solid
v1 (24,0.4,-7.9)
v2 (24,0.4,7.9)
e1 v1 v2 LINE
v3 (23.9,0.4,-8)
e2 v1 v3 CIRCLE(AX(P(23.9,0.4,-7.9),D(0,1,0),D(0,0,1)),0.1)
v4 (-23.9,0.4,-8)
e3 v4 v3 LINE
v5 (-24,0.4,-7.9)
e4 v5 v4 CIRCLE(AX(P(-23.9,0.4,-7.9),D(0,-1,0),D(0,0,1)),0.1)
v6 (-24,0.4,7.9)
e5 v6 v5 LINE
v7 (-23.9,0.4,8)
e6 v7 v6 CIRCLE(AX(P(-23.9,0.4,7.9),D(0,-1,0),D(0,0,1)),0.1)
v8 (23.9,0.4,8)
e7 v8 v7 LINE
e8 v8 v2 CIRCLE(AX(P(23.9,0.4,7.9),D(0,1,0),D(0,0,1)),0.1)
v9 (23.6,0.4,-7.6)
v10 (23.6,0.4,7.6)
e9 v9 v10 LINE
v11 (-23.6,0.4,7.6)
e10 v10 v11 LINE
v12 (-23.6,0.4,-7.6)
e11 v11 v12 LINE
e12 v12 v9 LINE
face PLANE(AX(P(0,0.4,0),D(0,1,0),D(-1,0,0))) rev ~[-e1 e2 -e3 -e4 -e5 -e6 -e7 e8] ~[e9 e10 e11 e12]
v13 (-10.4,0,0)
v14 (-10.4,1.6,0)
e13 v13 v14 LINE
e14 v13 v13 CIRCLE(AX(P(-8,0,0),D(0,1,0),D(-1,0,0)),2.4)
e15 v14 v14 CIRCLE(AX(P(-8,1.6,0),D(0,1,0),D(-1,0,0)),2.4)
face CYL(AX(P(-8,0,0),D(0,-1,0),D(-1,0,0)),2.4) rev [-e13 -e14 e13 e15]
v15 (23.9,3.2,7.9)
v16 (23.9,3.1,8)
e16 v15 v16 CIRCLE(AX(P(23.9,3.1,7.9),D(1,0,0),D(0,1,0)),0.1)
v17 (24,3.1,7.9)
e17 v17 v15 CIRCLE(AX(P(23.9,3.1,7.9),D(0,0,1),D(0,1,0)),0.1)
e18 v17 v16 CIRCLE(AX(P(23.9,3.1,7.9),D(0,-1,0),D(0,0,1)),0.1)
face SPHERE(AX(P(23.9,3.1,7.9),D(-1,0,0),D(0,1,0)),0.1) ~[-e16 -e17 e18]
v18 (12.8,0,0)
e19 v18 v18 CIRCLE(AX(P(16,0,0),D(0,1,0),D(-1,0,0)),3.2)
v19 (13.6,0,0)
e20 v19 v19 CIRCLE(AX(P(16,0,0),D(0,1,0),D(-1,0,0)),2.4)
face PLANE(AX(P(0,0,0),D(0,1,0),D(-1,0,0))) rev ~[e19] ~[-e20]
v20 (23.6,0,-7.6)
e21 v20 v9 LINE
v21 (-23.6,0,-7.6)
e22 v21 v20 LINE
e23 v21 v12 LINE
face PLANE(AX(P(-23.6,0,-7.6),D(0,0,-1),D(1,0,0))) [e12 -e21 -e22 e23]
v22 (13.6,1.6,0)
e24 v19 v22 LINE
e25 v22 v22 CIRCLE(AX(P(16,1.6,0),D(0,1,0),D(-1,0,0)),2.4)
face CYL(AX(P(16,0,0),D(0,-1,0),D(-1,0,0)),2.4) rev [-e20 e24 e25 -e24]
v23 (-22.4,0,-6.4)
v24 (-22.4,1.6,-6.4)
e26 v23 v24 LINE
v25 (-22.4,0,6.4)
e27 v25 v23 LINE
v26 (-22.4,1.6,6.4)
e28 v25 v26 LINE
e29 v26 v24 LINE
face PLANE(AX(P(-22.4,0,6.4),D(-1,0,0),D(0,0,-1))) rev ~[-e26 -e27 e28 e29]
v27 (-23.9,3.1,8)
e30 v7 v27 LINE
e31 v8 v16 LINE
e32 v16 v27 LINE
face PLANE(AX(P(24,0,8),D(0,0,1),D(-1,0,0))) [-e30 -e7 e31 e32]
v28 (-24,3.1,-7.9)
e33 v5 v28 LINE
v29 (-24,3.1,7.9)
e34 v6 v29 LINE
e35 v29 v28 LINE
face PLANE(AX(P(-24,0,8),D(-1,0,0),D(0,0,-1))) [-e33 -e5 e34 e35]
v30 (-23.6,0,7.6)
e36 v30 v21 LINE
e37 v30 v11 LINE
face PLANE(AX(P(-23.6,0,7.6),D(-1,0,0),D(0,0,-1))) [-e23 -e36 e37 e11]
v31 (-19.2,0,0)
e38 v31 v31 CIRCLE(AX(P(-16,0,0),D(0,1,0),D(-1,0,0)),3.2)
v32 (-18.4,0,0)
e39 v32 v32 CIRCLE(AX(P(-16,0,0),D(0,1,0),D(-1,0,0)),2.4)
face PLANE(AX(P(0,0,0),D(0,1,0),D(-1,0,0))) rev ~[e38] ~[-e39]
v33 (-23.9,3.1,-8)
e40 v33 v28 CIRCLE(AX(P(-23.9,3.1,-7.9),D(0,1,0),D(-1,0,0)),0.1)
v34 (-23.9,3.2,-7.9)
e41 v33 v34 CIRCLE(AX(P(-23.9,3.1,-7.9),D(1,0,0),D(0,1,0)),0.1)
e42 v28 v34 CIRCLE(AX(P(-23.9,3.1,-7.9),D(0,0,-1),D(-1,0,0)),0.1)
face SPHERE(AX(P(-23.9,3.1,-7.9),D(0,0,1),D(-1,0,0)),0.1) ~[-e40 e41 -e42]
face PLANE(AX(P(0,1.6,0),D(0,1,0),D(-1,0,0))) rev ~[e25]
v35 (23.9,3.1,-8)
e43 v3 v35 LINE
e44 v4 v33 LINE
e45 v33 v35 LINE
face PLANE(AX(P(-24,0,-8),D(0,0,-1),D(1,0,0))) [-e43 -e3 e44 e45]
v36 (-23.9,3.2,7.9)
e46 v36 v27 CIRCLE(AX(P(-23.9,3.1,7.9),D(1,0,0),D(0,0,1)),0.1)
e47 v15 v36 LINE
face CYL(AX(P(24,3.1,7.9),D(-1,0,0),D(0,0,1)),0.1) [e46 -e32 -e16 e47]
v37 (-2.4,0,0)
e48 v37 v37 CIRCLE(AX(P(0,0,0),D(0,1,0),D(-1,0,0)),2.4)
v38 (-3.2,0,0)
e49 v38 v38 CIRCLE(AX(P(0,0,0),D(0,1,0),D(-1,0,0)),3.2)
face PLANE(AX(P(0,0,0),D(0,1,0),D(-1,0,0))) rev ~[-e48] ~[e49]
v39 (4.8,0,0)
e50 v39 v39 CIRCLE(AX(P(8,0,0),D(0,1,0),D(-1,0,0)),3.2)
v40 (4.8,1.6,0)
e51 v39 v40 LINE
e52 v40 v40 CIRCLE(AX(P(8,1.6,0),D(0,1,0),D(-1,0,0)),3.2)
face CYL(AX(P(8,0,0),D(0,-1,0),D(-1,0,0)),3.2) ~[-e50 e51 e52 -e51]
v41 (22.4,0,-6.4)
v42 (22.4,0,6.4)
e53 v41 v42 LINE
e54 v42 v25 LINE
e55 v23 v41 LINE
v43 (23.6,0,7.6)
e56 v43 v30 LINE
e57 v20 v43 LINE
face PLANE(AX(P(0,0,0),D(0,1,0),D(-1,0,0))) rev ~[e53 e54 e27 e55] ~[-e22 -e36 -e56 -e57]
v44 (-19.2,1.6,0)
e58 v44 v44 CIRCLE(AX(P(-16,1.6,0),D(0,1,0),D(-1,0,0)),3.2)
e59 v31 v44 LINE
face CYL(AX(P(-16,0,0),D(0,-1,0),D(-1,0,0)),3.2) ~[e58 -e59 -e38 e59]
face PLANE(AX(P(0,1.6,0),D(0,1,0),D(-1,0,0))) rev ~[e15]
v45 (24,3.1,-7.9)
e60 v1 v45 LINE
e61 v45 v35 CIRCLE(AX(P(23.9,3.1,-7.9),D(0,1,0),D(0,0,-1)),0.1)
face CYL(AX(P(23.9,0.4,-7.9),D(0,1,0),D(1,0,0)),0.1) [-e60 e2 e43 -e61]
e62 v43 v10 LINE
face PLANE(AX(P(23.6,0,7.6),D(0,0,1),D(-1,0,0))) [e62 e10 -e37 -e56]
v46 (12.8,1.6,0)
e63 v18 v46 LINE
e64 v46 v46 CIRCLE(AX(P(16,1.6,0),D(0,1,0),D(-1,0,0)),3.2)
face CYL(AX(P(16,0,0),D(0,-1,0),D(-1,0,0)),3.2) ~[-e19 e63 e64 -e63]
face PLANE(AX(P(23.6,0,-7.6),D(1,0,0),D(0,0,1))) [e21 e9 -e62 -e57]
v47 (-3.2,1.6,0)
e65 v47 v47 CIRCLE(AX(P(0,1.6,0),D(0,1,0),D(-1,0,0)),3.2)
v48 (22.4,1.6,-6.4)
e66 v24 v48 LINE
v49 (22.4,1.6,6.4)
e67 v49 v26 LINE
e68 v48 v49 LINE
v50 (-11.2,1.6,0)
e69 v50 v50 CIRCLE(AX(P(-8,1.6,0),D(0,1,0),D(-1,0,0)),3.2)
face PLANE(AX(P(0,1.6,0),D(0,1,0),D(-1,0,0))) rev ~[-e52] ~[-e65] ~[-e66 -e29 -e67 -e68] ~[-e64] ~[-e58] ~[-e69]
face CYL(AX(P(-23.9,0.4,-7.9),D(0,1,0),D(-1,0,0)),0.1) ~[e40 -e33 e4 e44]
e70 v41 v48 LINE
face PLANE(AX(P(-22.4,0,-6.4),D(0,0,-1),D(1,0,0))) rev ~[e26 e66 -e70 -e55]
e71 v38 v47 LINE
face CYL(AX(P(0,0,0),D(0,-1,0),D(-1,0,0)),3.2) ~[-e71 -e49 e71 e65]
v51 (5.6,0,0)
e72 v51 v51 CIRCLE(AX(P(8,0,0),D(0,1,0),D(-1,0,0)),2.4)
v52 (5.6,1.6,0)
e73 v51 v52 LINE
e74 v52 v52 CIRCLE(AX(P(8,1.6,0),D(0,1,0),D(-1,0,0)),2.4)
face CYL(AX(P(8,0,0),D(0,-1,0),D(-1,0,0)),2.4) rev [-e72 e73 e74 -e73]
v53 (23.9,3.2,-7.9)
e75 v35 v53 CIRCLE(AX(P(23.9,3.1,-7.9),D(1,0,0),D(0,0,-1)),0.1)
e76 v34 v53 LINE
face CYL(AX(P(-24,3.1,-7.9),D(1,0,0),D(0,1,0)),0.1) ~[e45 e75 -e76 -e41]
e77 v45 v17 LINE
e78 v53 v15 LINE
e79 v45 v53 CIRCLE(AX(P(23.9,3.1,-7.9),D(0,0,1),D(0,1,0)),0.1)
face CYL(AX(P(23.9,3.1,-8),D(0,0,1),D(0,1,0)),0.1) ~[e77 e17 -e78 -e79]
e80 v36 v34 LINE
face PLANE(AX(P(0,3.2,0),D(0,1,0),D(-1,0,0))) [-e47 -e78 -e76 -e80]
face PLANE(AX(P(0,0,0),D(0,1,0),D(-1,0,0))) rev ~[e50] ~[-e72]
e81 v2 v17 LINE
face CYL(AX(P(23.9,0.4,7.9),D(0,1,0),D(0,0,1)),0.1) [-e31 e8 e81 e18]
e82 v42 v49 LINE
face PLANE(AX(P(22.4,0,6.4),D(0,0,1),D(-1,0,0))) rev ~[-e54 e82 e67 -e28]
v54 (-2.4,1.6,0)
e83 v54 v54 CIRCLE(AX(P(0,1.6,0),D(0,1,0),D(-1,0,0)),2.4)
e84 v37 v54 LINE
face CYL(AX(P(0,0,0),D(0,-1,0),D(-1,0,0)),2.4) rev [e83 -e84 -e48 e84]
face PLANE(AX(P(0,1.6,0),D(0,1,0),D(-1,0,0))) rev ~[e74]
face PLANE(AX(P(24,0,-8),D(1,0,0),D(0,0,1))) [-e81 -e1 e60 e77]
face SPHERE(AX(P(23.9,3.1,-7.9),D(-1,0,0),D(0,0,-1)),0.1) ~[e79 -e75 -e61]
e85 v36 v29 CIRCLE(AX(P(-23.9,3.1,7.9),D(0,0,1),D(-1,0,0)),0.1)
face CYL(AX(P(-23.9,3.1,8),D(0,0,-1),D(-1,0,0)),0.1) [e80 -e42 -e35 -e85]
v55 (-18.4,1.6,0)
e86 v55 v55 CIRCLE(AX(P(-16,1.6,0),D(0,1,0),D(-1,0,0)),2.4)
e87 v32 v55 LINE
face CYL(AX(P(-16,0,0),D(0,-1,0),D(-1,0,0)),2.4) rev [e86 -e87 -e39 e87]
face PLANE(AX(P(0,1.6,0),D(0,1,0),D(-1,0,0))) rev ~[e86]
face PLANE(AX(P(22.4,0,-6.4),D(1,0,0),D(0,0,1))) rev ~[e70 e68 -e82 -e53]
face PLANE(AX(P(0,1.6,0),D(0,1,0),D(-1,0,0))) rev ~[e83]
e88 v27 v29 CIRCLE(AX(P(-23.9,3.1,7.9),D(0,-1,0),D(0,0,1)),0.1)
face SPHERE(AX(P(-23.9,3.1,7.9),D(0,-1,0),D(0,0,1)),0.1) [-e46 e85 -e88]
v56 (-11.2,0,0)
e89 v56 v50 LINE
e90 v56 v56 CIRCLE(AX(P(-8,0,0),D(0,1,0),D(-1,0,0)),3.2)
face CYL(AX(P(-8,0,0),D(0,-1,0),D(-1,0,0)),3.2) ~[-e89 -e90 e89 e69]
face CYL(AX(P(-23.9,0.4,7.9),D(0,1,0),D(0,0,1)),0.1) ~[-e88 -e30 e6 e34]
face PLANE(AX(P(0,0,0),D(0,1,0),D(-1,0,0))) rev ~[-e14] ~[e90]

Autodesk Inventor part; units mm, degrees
ref_plane "YZ Plane" through (0, 0, 0) normal (1, 0, 0) x (0, 1, 0)
ref_plane "XZ Plane" through (0, 0, 0) normal (0, 1, 0) x (-1, 0, 0)
ref_plane "XY Plane" through (0, 0, 0) normal (0, 0, 1) x (1, 0, 0)
sketch "Sketch2" plane through (0, 0, 0) normal (0, 1, 0) x (-1, 0, 0)
  line L0 (-24, 8) -> (24, 8)
  line L1 (24, 8) -> (24, -8)
  line L2 (24, -8) -> (-24, -8)
  line L3 (-24, -8) -> (-24, 8)
  line L4 (-23.6, 7.6) -> (23.6, 7.6)
  line L5 (23.6, 7.6) -> (23.6, -7.6)
  line L6 (23.6, -7.6) -> (-23.6, -7.6)
  line L7 (-23.6, -7.6) -> (-23.6, 7.6)
  circle A0 centre (0, 0) radius 2.4
  circle A1 centre (0, 0) radius 3.2
  circle A2 centre (-8, 0) radius 2.4
  circle A3 centre (-8, 0) radius 3.2
  circle A4 centre (-16, 0) radius 2.4
  circle A5 centre (-16, 0) radius 3.2
  circle A6 centre (8, 0) radius 2.4
  circle A7 centre (8, 0) radius 3.2
  circle A8 centre (16, 0) radius 2.4
  circle A9 centre (16, 0) radius 3.2
  line L8 (16, 0) -> (8, 0) construction
  line L9 (8, 0) -> (0, 0) construction
  line L10 (0, 0) -> (-8, 0) construction
  line L11 (-8, 0) -> (-16, 0) construction
  line L12 (-22.4, 6.4) -> (22.4, 6.4)
  line L13 (22.4, 6.4) -> (22.4, -6.4)
  line L14 (22.4, -6.4) -> (-22.4, -6.4)
  line L15 (-22.4, -6.4) -> (-22.4, 6.4)
  circle A10 centre (-20, 4) radius 2.4 construction
  circle A11 centre (-20, -4) radius 2.4 construction
  circle A12 centre (20, 4) radius 2.4 construction
  circle A13 centre (20, -4) radius 2.4 construction
  point P0 (0, 8)
  point P1 (-24, 0)
  point P2 (0, 7.6)
  point P3 (-23.6, 0)
  point P4 (0, 6.4)
  point P5 (-22.4, 0)
  dimension "d0" = 16
  dimension "d1" = 48
  dimension "d2" = 0.4
  dimension "d3" = 0.4
  dimension "d4" = 4.8
  dimension "d5" = 6.4
  dimension "d6" = 8
  dimension "d7" = 1.6
  dimension "d8" = 1.6
  dimension "d15" = 4.8
extrude "Extrusion1" add sketch "Sketch2" along normal blind 3.2 contours L0 L1 L2 L3 | L4 L5 L6 L7 | A0 | A1 | A2 | A3 | A4 | A5 | A6 | A7 | A8 | A9 | L12 L13 L14 L15
extrude "Extrusion2" cut sketch "Sketch2" along normal blind 0.4 contours L0 L1 L2 L3
extrude "Extrusion3" cut sketch "Sketch2" along normal blind 1.6 contours A0 | A2 | A4 | A6 | A8 | L12 L13 L14 L15
fillet "Fillet1" radius 0.1 8 edges at (-24, 1.8, 8) (0, 3.2, 8) (-24, 3.2, 0) (-24, 1.8, -8) (0, 3.2, -8) (24, 1.8, -8) (24, 3.2, 0) (24, 1.8, 8)
sketch "Skizze3" plane through (0, 3.2, 0) normal (0, 1, 0) x (1, 0, 0)
  line L0 (23.9, 8) -> (-23.9, 8) projected
  line L1 (-24, 7.9) -> (-24, -7.9) projected
  line L2 (-23.9, -8) -> (23.9, -8) projected
  line L3 (23.9, -7.9) -> (-23.9, -7.9) projected
  line L4 (-24.9, -8.5) -> (-24.9, 8.1) construction
  line L5 (-24.9, 8.1) -> (28.7985, 8.1) construction
  line L6 (28.7985, 8.1) -> (28.7985, -8.5) construction
  line L7 (28.7985, -8.5) -> (-24.9, -8.5) construction
  point P0 (0, 0)
  dimension "d43" = 0.1
  dimension "d44" = 0.6
  dimension "d45" = 0.9
decal "Aufkleber1"
equation "\"d0\" = 2 * lu"
equation "\"d1\" = 6 * lu"
equation "\"d2\" = gw"
equation "\"d3\" = gw"
equation "\"d4\" = kd"
equation "\"d6\" = lu"
equation "\"d7\" = wall"
equation "\"d8\" = wall"
equation "\"d15\" = kd"
equation "\"d9\" = 0.333333 * lh"
equation "\"d11\" = gh"
equation "\"d13\" = 0.333333 * lh - topthk"
equation "\"d16\" = lf"
equation "\"lu\" = 8"
equation "\"gw\" = 0.4"
equation "\"kd\" = 4.8"
equation "\"wall\" = 1.6"
equation "\"lh\" = 9.6"
equation "\"gh\" = 0.4"
equation "\"topthk\" = 1.6"
equation "\"lf\" = 0.1"
properties part number "42146_69729_2" material "ABS Plastic"
